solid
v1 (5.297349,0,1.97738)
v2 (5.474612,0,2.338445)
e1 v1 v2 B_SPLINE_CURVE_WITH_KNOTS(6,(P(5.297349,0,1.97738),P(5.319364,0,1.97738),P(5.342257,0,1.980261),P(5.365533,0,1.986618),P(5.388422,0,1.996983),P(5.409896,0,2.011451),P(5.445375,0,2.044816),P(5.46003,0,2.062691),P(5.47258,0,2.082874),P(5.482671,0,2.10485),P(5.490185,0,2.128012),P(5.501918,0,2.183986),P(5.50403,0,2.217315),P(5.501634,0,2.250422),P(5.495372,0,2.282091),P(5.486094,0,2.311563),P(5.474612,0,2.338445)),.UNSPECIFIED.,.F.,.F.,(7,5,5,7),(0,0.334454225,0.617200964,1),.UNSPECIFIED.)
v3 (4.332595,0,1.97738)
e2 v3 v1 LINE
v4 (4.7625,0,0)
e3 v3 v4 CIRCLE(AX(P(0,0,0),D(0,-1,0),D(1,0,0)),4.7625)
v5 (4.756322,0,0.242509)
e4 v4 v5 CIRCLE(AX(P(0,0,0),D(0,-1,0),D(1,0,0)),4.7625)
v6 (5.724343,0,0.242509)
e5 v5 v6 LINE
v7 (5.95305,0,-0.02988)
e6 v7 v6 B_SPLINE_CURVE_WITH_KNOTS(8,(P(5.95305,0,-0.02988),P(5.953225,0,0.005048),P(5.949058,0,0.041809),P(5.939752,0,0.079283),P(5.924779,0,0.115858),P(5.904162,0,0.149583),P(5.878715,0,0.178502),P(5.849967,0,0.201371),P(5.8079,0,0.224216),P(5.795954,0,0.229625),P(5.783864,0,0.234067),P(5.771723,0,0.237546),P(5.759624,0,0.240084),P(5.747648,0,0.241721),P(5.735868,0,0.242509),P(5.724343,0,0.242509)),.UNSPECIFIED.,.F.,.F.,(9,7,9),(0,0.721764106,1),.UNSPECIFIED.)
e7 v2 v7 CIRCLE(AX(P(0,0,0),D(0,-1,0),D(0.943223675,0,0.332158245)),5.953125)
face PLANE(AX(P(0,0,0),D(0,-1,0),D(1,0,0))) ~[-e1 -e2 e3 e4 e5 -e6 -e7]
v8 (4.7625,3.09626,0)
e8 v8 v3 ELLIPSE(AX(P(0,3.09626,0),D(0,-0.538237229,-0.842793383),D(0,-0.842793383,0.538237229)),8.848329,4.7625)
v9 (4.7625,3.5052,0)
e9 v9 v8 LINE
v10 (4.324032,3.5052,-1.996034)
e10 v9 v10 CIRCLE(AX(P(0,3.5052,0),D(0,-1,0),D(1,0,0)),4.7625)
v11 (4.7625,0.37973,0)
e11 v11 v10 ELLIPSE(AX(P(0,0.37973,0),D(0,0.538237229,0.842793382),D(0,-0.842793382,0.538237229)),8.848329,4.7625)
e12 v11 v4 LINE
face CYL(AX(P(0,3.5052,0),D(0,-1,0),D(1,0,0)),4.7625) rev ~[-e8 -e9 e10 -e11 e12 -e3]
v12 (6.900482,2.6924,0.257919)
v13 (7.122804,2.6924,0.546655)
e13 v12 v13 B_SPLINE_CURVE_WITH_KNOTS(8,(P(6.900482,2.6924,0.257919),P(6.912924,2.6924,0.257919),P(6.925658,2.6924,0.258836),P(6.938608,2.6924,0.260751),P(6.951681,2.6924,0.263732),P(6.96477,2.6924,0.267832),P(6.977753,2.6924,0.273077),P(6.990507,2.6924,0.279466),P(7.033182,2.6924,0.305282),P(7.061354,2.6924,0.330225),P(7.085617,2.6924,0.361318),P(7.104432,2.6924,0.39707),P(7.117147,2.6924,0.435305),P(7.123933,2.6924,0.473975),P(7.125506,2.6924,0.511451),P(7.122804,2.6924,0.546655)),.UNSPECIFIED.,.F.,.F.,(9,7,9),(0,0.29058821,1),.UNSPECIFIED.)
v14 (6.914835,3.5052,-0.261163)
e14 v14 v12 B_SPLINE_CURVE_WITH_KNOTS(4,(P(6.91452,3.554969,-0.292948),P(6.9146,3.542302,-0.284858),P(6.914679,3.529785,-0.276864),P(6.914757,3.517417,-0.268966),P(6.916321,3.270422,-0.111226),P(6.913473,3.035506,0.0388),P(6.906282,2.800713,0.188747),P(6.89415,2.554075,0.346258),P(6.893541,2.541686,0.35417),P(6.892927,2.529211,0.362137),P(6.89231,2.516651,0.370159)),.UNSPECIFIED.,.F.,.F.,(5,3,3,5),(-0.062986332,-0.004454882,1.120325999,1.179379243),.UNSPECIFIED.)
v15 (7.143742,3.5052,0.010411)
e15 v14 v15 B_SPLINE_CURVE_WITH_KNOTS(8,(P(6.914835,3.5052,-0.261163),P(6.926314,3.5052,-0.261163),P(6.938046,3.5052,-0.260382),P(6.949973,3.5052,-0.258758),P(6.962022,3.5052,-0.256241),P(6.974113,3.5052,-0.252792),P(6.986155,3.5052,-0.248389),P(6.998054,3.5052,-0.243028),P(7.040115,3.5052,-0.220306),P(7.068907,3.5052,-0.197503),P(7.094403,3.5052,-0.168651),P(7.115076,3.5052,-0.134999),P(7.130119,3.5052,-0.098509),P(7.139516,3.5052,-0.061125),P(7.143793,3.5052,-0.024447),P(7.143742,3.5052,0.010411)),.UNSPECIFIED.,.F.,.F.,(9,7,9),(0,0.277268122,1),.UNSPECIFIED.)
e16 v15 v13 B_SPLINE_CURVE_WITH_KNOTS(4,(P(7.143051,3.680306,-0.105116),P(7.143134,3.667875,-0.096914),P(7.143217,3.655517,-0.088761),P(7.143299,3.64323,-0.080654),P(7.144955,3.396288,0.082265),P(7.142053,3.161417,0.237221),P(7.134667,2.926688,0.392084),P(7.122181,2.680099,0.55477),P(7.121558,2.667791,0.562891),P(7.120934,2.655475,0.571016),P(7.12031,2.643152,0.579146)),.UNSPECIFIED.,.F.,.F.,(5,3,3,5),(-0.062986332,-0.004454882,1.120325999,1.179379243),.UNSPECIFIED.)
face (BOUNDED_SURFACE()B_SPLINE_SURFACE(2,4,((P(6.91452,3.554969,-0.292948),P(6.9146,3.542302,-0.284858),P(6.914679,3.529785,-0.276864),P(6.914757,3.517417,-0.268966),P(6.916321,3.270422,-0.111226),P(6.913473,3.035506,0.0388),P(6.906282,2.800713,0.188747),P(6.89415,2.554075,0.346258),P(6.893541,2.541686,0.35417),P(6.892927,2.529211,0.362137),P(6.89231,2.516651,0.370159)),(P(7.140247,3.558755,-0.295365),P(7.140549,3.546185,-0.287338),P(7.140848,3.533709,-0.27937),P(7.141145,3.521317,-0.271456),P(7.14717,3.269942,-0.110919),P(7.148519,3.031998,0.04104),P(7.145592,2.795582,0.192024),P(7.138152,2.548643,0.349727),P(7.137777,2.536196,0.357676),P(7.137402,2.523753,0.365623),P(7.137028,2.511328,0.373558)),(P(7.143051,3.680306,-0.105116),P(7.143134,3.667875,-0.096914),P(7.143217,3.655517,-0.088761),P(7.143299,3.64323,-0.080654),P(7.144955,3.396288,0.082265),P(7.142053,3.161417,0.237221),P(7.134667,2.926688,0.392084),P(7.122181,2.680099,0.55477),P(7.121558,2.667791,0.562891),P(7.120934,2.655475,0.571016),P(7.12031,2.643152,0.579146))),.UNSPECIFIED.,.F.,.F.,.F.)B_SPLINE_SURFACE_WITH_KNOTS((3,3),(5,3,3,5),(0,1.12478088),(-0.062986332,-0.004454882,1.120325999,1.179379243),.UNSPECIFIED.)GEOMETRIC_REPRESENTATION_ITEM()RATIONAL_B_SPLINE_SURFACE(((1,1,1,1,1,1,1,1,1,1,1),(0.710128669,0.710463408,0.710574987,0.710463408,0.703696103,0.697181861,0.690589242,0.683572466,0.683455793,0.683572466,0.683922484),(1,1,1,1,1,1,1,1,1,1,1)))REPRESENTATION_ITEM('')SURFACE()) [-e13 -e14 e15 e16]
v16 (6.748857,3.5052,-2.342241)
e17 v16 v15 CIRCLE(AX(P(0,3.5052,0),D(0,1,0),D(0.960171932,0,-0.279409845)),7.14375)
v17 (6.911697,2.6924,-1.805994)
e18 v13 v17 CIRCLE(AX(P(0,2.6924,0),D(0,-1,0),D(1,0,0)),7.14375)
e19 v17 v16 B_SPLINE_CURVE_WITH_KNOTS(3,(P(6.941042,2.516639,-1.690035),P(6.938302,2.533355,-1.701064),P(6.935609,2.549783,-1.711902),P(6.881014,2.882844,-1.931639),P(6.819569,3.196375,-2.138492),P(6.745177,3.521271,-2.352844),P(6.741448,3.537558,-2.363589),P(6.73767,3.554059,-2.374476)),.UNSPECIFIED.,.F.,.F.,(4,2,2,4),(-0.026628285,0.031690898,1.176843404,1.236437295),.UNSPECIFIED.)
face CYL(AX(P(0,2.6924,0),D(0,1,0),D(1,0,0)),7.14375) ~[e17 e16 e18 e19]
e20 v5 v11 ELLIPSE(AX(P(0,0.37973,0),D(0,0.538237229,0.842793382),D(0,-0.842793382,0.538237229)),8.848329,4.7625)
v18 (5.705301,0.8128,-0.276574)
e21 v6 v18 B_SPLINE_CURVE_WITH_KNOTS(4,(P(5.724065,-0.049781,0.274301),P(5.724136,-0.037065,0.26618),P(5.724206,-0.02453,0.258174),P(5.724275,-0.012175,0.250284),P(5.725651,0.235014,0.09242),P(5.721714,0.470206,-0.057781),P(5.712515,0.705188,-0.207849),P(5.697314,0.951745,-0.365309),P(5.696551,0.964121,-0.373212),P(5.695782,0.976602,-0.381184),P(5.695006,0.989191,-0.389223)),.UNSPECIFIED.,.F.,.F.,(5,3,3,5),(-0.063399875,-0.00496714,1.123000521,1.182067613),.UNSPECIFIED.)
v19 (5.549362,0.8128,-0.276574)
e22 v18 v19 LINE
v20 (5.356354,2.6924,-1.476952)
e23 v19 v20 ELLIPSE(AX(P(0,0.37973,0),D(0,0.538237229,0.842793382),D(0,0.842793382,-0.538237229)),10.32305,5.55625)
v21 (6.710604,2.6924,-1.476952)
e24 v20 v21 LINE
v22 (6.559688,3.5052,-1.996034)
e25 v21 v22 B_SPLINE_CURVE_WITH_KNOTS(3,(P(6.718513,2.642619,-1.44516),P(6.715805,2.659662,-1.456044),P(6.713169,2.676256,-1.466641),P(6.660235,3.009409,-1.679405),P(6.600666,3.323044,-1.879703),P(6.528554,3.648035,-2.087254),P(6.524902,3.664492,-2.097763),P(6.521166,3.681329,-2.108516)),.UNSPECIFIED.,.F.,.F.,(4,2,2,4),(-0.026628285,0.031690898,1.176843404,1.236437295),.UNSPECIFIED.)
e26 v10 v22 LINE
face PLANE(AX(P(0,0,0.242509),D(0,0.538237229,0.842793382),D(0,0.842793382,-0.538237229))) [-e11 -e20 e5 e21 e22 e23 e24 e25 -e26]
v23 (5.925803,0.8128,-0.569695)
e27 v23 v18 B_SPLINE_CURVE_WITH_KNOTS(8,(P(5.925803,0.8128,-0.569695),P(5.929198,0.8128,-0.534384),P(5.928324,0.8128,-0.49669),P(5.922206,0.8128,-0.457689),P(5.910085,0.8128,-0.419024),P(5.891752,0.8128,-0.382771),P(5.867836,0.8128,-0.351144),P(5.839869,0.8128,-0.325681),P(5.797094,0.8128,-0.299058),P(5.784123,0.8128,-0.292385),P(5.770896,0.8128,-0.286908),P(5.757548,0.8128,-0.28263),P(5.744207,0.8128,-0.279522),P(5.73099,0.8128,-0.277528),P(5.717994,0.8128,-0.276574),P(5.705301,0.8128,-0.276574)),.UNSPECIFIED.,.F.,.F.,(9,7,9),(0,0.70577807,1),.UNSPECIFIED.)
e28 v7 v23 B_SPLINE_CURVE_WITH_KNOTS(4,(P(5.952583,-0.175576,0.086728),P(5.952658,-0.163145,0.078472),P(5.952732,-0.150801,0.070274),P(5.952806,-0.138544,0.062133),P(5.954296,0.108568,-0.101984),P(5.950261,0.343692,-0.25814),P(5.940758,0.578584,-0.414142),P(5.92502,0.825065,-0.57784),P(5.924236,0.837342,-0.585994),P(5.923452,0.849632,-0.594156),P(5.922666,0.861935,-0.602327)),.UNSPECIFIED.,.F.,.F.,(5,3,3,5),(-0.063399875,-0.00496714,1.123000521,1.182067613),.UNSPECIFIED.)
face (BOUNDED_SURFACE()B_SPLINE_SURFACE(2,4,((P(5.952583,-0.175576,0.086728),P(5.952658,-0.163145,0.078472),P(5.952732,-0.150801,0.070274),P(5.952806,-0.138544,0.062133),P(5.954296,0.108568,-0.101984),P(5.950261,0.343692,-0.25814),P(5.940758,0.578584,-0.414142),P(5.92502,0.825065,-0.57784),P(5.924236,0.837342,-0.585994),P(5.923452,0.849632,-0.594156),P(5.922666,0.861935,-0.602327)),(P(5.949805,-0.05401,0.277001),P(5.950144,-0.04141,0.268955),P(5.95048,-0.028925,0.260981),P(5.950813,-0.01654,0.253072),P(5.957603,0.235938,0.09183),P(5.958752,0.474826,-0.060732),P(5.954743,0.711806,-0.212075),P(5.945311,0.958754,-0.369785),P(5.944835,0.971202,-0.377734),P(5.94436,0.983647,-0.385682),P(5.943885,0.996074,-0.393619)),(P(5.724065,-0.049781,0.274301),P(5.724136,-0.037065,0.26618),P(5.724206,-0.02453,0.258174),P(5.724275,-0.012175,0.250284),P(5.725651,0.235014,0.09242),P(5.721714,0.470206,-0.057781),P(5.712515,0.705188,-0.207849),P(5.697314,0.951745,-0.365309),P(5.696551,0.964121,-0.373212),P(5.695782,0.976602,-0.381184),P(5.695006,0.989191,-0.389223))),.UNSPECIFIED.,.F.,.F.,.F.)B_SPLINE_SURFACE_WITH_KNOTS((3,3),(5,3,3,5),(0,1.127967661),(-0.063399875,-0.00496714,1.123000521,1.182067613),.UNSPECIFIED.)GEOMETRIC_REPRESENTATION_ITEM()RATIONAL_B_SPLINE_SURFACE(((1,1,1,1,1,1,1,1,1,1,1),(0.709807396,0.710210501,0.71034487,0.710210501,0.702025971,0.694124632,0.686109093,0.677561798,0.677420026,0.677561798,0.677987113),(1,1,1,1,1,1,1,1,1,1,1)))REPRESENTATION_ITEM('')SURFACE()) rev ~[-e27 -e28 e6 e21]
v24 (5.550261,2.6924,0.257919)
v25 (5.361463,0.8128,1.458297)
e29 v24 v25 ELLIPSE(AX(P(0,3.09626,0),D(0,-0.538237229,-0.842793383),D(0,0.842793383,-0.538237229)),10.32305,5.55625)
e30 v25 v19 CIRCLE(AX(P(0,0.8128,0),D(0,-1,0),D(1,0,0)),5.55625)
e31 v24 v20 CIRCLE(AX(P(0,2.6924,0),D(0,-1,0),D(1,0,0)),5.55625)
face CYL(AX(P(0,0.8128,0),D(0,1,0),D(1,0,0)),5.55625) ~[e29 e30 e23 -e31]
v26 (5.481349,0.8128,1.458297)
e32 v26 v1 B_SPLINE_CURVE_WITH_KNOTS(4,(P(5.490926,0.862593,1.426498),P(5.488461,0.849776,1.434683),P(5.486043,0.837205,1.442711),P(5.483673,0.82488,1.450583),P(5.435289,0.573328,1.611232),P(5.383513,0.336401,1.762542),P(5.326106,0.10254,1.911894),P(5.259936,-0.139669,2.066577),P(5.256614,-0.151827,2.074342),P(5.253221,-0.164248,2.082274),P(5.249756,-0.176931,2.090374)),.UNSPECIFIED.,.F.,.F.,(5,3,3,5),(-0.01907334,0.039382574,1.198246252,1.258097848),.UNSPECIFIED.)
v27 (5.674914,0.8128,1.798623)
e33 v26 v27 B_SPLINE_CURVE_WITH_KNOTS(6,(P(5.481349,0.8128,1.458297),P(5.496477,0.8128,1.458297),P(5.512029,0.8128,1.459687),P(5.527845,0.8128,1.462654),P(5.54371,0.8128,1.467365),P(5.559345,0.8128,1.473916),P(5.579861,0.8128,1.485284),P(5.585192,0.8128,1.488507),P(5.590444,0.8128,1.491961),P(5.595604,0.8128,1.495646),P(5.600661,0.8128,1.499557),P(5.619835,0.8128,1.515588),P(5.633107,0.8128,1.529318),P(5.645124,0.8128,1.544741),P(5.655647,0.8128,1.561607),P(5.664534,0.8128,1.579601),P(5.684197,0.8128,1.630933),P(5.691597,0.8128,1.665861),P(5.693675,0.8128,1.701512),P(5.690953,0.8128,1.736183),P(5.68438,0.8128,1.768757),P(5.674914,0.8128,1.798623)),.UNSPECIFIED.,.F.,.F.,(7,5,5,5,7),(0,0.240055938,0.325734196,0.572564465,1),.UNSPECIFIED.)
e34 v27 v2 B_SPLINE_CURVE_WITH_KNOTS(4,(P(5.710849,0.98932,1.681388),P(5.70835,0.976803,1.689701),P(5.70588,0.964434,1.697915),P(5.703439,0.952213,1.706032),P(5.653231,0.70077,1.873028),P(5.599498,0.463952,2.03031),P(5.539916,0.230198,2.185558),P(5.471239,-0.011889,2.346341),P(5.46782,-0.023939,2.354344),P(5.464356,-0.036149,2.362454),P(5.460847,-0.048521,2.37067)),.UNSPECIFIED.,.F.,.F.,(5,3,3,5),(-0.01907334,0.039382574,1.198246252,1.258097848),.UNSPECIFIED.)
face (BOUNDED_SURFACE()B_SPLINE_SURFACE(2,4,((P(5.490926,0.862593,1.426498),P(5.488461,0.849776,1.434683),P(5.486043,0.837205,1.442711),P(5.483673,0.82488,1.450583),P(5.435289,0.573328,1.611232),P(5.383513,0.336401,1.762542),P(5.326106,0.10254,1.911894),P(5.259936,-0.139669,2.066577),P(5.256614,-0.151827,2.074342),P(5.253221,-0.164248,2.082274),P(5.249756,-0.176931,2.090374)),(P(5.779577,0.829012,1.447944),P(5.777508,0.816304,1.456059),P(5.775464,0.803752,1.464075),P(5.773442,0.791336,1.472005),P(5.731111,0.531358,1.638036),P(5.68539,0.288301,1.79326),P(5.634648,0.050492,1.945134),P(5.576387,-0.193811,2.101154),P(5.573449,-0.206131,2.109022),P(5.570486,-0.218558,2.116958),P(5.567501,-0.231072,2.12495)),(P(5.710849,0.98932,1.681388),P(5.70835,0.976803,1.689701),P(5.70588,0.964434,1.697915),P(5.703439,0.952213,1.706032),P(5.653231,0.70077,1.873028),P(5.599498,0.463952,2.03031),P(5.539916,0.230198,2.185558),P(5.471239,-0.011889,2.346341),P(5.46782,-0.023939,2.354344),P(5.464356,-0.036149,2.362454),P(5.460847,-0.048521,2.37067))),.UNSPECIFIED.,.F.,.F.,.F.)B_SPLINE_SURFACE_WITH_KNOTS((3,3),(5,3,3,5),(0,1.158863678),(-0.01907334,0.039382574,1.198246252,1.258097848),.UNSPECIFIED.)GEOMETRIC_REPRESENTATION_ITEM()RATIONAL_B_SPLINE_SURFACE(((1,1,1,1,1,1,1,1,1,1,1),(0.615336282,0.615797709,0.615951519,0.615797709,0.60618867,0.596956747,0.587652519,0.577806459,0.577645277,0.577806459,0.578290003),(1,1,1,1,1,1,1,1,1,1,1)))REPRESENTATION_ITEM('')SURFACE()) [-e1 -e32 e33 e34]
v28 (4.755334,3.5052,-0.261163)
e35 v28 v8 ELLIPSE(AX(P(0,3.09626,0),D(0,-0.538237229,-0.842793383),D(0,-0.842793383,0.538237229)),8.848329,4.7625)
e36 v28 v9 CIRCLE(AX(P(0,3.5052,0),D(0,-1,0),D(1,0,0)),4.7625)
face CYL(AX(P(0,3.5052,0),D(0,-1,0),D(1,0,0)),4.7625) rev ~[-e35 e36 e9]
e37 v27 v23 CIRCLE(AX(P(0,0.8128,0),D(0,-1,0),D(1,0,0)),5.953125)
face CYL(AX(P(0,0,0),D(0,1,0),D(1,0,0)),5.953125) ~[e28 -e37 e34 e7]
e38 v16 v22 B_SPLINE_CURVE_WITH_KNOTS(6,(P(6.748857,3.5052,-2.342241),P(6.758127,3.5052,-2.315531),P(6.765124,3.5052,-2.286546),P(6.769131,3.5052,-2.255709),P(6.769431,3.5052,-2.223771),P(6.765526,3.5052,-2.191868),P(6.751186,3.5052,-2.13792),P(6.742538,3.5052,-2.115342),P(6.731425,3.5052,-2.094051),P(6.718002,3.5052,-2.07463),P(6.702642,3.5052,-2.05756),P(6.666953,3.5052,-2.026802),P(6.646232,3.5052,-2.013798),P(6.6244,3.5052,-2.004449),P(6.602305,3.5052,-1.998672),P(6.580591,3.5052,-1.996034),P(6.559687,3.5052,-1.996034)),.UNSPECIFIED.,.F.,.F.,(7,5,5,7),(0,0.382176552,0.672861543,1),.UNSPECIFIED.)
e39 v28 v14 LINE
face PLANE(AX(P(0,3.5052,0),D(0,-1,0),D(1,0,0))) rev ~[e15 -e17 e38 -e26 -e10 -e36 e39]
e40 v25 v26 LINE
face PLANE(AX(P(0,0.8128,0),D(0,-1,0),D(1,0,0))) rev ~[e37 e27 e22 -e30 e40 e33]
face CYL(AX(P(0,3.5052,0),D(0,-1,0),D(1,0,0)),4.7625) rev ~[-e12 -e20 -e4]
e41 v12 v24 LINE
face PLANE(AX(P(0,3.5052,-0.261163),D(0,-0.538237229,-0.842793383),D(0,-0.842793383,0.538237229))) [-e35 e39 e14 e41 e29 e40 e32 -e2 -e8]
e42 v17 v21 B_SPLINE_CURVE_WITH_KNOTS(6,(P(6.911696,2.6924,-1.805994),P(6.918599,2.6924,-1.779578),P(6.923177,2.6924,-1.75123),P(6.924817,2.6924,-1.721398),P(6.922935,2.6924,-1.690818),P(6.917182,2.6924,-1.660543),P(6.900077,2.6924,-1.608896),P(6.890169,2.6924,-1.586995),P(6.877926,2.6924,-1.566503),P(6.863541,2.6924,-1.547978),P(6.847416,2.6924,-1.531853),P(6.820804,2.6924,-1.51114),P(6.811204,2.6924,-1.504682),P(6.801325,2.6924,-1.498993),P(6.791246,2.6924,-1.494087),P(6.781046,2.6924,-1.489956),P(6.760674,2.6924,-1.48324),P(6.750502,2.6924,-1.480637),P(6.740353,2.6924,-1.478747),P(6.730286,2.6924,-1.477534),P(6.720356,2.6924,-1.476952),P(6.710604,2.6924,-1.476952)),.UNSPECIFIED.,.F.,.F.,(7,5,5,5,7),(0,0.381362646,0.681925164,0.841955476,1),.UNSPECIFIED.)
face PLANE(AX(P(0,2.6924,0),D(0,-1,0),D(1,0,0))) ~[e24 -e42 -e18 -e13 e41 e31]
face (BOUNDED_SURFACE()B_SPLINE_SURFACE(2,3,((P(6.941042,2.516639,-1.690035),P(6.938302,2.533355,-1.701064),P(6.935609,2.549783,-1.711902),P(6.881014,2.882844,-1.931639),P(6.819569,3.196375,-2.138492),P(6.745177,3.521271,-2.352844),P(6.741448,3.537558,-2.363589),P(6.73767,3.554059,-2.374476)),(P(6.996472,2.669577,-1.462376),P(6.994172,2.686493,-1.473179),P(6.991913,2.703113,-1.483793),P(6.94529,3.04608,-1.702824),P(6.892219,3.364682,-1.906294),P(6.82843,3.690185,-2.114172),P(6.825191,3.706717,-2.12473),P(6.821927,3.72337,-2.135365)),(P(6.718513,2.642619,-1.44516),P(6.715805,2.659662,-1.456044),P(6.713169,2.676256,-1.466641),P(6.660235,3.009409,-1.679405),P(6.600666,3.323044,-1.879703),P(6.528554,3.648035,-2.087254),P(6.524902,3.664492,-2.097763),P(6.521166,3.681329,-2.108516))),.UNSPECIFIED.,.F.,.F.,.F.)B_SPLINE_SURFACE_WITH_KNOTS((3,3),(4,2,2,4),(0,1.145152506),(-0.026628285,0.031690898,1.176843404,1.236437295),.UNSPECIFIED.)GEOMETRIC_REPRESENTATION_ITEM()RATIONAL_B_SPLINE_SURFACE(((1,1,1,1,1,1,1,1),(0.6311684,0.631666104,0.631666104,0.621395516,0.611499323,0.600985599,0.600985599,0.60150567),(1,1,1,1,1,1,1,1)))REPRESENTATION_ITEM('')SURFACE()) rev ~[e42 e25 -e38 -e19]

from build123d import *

# Parameters (mm, degrees)
CUT_EXTRUDE1_DEPTH = 8.14375
FILLET1_R          = 0.2286


with BuildPart() as part:
    # Sketch1 → Revolve1 (revolve)
    with BuildSketch(Plane.XY):
        Polygon((4.7625, 0), (5.953125, 0), (5.953125, 0.8128), (5.55625, 0.8128), (5.55625, 2.6924), (7.14375, 2.6924), (7.14375, 3.5052), (4.7625, 3.5052), align=None)
    revolve(axis=Axis((0, 18.790103573, 0), (0, -1, 0)))

    # Sketch2 → Cut-Extrude1 (cut, through all)
    with BuildSketch(Plane(origin=(0, 0, 0), x_dir=(0, 0, -1), z_dir=(1, 0, 0))):
        Polygon((1.996034078, 3.5052), (0.261163337, 3.5052), (-1.977379553, 0), (-0.242508813, 0), align=None)
    extrude(amount=CUT_EXTRUDE1_DEPTH, mode=Mode.SUBTRACT)

    # Fillet1
    fillet1_edges = [part.edges().sort_by_distance(p)[0] for p in [
        (5.699722818, 0.405539452, 1.718387925),
        (7.142556324, 3.300739905, -0.130587994),
        (5.95151838, 0.596281949, -0.138297622),
        (6.929392139, 3.099377561, -1.736861724),
    ]]
    fillet(fillet1_edges, radius=FILLET1_R)


solid = part.part
